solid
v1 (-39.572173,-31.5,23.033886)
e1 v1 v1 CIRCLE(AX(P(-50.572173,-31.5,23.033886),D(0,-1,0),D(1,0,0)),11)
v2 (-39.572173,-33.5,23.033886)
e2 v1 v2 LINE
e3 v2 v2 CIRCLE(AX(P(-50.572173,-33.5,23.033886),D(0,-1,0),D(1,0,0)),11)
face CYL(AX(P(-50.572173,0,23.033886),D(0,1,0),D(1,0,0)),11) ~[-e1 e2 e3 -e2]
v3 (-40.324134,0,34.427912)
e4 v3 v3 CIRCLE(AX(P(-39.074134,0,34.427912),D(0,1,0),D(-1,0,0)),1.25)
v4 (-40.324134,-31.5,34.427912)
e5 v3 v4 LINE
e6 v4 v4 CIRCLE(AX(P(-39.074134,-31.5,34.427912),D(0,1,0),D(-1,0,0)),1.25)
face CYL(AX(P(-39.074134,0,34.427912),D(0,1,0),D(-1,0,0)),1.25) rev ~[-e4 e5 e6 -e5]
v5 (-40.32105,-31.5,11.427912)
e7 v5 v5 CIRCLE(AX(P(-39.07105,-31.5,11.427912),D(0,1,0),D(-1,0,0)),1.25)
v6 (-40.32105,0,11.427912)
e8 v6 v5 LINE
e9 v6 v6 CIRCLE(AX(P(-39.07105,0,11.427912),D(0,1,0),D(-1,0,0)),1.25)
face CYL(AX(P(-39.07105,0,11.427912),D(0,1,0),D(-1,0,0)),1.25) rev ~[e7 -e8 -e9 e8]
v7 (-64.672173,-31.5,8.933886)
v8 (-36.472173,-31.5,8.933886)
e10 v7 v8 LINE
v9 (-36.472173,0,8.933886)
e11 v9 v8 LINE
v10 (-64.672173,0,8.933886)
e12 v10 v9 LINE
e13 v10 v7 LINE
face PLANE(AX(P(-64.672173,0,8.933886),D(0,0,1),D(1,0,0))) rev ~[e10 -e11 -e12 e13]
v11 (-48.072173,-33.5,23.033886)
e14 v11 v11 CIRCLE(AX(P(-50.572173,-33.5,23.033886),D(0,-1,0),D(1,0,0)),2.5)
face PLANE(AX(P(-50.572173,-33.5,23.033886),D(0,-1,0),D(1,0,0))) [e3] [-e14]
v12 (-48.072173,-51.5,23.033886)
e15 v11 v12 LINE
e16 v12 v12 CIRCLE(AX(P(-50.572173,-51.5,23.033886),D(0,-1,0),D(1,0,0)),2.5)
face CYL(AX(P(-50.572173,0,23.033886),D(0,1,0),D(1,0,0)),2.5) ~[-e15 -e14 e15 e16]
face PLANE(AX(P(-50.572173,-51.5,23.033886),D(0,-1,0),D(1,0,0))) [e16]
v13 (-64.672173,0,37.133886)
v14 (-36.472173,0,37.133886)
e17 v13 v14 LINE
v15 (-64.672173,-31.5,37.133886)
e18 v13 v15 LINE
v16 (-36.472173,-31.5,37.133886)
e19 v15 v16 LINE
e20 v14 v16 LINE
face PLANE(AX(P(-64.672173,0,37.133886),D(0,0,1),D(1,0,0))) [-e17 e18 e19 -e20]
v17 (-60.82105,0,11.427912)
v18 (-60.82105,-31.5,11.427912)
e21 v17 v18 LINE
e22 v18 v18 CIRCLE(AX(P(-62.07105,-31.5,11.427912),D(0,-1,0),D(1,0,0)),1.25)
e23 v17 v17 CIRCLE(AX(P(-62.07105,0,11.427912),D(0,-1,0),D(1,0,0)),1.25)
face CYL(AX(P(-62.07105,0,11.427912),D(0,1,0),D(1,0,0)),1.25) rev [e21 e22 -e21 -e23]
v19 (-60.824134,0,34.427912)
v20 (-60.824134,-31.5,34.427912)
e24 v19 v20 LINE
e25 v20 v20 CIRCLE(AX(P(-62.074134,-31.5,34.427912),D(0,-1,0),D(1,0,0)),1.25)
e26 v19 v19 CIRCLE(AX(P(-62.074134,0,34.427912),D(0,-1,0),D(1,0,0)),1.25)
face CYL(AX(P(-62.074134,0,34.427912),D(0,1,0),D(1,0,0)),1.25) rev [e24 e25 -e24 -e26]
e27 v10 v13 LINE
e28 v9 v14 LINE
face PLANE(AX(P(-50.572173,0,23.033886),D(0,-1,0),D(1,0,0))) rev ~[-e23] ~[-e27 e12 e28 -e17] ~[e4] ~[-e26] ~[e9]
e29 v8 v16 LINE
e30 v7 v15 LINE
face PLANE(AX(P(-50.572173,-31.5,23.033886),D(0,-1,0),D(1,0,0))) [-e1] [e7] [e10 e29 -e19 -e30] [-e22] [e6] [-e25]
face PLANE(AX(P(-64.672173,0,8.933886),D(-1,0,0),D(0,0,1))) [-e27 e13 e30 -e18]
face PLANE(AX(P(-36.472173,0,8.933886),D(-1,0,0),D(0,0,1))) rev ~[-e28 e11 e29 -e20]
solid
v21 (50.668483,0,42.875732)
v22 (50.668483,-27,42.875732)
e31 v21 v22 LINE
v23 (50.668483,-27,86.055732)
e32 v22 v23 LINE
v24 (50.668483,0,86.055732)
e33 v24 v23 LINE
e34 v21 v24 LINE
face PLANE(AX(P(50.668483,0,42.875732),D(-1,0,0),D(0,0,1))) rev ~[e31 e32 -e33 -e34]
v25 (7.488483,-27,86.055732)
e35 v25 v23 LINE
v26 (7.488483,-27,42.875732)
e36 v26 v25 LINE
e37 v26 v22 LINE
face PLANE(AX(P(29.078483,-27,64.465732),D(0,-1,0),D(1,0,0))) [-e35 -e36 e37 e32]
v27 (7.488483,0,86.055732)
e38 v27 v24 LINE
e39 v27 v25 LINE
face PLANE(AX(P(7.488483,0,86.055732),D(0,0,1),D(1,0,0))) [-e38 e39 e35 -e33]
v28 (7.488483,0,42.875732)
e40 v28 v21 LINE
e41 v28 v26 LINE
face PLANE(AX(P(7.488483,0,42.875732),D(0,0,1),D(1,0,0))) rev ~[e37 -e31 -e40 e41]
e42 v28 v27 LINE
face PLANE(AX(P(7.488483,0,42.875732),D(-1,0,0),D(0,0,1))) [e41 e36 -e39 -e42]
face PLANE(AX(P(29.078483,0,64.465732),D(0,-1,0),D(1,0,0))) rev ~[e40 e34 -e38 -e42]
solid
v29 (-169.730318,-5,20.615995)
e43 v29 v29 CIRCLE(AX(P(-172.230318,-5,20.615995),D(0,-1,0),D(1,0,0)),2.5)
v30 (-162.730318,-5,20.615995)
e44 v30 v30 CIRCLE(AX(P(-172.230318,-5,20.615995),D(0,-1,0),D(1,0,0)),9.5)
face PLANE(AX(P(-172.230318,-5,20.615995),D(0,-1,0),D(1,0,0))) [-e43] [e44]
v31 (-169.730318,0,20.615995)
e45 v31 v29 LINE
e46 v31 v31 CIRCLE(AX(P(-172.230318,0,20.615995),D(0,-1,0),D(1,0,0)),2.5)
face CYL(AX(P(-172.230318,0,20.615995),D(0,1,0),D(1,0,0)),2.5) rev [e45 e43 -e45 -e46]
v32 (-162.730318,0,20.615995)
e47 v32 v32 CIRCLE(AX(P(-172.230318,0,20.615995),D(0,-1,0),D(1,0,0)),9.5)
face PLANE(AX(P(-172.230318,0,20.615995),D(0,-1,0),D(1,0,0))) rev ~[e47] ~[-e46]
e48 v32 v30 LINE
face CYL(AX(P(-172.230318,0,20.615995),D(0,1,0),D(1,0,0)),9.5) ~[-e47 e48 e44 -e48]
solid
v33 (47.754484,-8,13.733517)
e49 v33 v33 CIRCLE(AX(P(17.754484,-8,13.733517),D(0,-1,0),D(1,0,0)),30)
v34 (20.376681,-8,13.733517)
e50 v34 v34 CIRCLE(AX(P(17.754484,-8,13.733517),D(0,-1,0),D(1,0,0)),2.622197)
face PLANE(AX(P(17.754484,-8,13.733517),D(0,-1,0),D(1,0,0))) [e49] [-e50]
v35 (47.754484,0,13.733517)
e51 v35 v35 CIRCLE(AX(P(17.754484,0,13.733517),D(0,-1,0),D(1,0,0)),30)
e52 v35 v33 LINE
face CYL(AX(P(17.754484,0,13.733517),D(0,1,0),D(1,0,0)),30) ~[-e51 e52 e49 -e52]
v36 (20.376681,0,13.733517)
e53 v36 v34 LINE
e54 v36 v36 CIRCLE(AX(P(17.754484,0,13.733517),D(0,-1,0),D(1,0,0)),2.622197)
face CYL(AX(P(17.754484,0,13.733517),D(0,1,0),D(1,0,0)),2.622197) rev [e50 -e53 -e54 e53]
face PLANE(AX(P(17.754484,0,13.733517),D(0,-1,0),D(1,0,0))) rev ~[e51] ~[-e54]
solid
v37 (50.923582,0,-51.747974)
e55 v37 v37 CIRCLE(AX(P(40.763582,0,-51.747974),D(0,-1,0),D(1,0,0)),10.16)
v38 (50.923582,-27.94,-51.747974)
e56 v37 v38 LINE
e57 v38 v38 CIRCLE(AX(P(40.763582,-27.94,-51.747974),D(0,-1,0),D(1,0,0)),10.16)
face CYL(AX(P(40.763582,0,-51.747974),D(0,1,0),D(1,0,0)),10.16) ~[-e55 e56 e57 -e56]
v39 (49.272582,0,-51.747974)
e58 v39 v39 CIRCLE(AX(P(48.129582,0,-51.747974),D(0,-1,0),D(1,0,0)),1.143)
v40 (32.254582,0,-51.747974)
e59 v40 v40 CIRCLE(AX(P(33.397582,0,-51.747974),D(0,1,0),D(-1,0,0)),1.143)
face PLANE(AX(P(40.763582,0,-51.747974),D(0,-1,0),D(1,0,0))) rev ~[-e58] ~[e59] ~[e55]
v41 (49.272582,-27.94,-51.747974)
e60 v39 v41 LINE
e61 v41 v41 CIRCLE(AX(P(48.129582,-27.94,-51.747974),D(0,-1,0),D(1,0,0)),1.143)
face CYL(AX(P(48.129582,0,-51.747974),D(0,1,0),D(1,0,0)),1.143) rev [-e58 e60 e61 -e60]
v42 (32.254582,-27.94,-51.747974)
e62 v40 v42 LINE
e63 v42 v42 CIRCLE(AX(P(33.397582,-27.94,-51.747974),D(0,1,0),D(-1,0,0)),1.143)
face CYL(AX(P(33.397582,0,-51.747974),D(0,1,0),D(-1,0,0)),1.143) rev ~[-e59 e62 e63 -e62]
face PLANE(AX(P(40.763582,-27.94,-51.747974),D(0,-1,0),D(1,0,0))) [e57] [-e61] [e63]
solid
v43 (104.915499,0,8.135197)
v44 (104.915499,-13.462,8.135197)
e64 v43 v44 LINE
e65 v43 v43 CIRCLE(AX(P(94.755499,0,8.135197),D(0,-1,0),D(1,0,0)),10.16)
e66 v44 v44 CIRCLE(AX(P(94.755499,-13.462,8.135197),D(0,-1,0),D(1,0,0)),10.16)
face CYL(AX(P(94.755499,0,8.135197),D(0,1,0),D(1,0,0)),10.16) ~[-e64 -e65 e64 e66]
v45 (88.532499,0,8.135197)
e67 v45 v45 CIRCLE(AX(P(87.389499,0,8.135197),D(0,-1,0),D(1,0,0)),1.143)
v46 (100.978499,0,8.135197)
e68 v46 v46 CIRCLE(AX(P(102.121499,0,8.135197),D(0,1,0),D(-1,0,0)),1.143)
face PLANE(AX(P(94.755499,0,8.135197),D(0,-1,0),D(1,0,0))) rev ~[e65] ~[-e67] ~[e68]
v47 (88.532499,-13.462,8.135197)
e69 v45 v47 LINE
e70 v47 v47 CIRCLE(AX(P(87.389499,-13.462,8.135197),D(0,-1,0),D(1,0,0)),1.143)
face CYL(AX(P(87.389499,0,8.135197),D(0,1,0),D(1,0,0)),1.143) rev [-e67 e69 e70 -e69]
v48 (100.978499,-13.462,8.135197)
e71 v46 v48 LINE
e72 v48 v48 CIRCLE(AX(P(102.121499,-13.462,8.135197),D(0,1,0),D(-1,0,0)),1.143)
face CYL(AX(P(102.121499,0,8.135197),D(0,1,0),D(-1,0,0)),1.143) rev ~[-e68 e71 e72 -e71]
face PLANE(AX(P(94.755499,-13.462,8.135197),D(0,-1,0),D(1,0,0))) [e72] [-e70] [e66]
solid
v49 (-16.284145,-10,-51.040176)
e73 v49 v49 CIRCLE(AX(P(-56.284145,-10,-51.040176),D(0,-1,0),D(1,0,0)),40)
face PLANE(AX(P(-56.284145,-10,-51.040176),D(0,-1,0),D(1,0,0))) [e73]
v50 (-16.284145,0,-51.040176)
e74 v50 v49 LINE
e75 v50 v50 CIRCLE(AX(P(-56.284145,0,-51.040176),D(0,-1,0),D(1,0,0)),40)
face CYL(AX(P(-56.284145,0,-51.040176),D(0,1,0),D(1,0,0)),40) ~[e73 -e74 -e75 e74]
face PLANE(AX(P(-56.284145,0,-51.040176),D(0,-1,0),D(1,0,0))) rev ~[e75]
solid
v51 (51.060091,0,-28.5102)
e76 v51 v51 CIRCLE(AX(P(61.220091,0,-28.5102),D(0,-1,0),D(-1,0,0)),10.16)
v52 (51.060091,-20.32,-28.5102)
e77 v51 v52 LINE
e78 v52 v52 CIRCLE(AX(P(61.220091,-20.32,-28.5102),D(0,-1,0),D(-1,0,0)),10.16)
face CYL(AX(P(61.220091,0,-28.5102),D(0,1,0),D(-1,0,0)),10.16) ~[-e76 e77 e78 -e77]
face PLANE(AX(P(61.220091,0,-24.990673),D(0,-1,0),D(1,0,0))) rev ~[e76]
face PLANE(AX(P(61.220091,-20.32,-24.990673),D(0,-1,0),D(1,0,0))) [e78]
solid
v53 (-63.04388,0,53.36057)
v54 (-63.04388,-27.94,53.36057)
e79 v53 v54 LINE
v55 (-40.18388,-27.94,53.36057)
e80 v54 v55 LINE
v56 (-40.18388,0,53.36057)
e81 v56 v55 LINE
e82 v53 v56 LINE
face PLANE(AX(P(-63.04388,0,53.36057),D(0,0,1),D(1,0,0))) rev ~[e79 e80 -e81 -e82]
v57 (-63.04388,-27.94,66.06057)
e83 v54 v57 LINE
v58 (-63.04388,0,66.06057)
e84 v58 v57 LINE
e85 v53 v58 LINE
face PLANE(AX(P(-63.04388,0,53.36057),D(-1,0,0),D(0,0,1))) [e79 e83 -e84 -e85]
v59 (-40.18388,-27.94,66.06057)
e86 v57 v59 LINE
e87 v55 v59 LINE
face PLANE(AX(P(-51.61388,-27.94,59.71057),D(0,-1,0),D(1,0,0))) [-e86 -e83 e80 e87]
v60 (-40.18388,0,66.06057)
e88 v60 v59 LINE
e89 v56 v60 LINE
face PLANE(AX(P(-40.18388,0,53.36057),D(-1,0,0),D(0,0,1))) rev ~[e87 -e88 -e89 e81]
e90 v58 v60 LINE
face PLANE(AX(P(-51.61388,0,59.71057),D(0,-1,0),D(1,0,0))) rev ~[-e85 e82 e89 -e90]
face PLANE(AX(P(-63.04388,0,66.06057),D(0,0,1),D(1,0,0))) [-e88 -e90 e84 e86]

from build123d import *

# Parameters (mm, degrees)
F0_R      = 2.5
F1_DEPTH  = 51.5
F0_R_2    = 11
F2_DEPTH  = 33.5
F0_W      = 28.2
F0_H      = 28.2
F0_R_3    = 1.25
F3_DEPTH  = 31.5
F4_R      = 30
F4_R_2    = 2.6221966913
F5_DEPTH  = 8
F6_R      = 40
F7_DEPTH  = 10
F8_R      = 1.143
F9_DEPTH  = 27.94
F10_DEPTH = 20.32
F12_W     = 43.18
F12_H     = 43.18
F13_DEPTH = 27
F14_W     = 22.86
F14_H     = 12.7
F15_DEPTH = 27.94
F8_R_2    = 10.16
F16_DEPTH = 13.462
F6_R_2    = 9.5
F6_R_3    = 2.5
F17_DEPTH = 5


with BuildPart() as f1:
    # F0 (on Front) → F1 (new body)
    with BuildSketch(Plane.XZ):
        with Locations((-50.5721733682, 23.0338863699)):
            Circle(F0_R)
    extrude(amount=F1_DEPTH)

    # F0 (on Front) → F2 (join)
    with BuildSketch(Plane.XZ):
        with Locations((-50.5721733682, 23.0338863699)):
            Circle(F0_R_2)
        with Locations((-50.5721733682, 23.0338863699)):
            Circle(F0_R, mode=Mode.SUBTRACT)
    extrude(amount=F2_DEPTH)

    # F0 (on Front) → F3 (join)
    with BuildSketch(Plane.XZ):
        with Locations((-50.5721733682, 23.0338863699)):
            Rectangle(F0_W, F0_H)
        with Locations((-62.0710501321, 11.4279121988)):
            Circle(F0_R_3, mode=Mode.SUBTRACT)
        with Locations((-50.5721733682, 23.0338863699)):
            Circle(F0_R_2, mode=Mode.SUBTRACT)
        with BuildLine():
            ThreePointArc((-37.8210501321, 11.4279121988), (-39.0710501321, 10.1779121988), (-40.3210501321, 11.4279121988))
            ThreePointArc((-40.3210501321, 11.4279121988), (-39.0710501321, 12.6779121988), (-37.8210501321, 11.4279121988))
        make_face(mode=Mode.SUBTRACT)
        with Locations((-62.074133508, 34.4279121988)):
            Circle(F0_R_3, mode=Mode.SUBTRACT)
        with BuildLine():
            ThreePointArc((-37.824133508, 34.4279121988), (-39.074133508, 33.1779121988), (-40.324133508, 34.4279121988))
            ThreePointArc((-40.324133508, 34.4279121988), (-39.074133508, 35.6779121988), (-37.824133508, 34.4279121988))
        make_face(mode=Mode.SUBTRACT)
    extrude(amount=F3_DEPTH)


with BuildPart() as f5:
    # F4 (on Front) → F5 (new body)
    with BuildSketch(Plane.XZ):
        with Locations((17.754483968, 13.7335173786)):
            Circle(F4_R)
        with Locations((17.754483968, 13.7335173786)):
            Circle(F4_R_2, mode=Mode.SUBTRACT)
    extrude(amount=F5_DEPTH)


with BuildPart() as f7:
    # F6 (on Front) → F7 (new body)
    with BuildSketch(Plane.XZ):
        with Locations((-56.2841445208, -51.0401763022)):
            Circle(F6_R)
    extrude(amount=F7_DEPTH)


with BuildPart() as f9:
    # F8 (on Front) → F9 (new body)
    with BuildSketch(Plane.XZ):
        with BuildLine():
            ThreePointArc((30.6035824945, -51.7479740083), (40.7635824945, -61.9079740083), (50.9235824945, -51.7479740083))
            ThreePointArc((50.9235824945, -51.7479740083), (40.7635824945, -41.5879740083), (30.6035824945, -51.7479740083))
        make_face()
        with BuildLine():
            ThreePointArc((34.5405824945, -51.7479740083), (33.3975824945, -52.8909740083), (32.2545824945, -51.7479740083))
            ThreePointArc((32.2545824945, -51.7479740083), (33.3975824945, -50.6049740083), (34.5405824945, -51.7479740083))
        make_face(mode=Mode.SUBTRACT)
        with Locations((48.1295824945, -51.7479740083)):
            Circle(F8_R, mode=Mode.SUBTRACT)
    extrude(amount=F9_DEPTH)


with BuildPart() as f10:
    # F8 (on Front) → F10 (new body)
    with BuildSketch(Plane.XZ):
        with BuildLine():
            Line((51.0600908363, -28.5101998597), (71.3800908363, -28.5101998597))
            ThreePointArc((71.3800908363, -28.5101998597), (61.2200908363, -18.3501998597), (51.0600908363, -28.5101998597))
        make_face()
        with BuildLine():
            ThreePointArc((51.0600908363, -28.5101998597), (61.2200908363, -38.6701998597), (71.3800908363, -28.5101998597))
            Line((71.3800908363, -28.5101998597), (51.0600908363, -28.5101998597))
        make_face()
    extrude(amount=F10_DEPTH)


with BuildPart() as f13:
    # F12 (on Front) → F13 (new body)
    with BuildSketch(Plane.XZ):
        with Locations((29.0784827137, 64.4657322647)):
            Rectangle(F12_W, F12_H)
    extrude(amount=F13_DEPTH)


with BuildPart() as f15:
    # F14 (on Front) → F15 (new body)
    with BuildSketch(Plane.XZ):
        with Locations((-51.6138804179, 59.7105702839)):
            Rectangle(F14_W, F14_H)
    extrude(amount=F15_DEPTH)


with BuildPart() as f16:
    # F8 (on Front) → F16 (new body)
    with BuildSketch(Plane.XZ):
        with Locations((94.7554989491, 8.1351967528)):
            Circle(F8_R_2)
        with Locations((87.3894989491, 8.1351967528)):
            Circle(F8_R, mode=Mode.SUBTRACT)
        with BuildLine():
            ThreePointArc((103.2644989491, 8.1351967528), (102.1214989491, 6.9921967528), (100.9784989491, 8.1351967528))
            ThreePointArc((100.9784989491, 8.1351967528), (102.1214989491, 9.2781967528), (103.2644989491, 8.1351967528))
        make_face(mode=Mode.SUBTRACT)
    extrude(amount=F16_DEPTH)


with BuildPart() as f17:
    # F6 (on Front) → F17 (new body)
    with BuildSketch(Plane.XZ):
        with Locations((-172.2303181887, 20.6159949303)):
            Circle(F6_R_2)
        with Locations((-172.2303181887, 20.6159949303)):
            Circle(F6_R_3, mode=Mode.SUBTRACT)
    extrude(amount=F17_DEPTH)


solid = Compound([f1.part, f5.part, f7.part, f9.part, f10.part, f13.part, f15.part, f16.part, f17.part])
